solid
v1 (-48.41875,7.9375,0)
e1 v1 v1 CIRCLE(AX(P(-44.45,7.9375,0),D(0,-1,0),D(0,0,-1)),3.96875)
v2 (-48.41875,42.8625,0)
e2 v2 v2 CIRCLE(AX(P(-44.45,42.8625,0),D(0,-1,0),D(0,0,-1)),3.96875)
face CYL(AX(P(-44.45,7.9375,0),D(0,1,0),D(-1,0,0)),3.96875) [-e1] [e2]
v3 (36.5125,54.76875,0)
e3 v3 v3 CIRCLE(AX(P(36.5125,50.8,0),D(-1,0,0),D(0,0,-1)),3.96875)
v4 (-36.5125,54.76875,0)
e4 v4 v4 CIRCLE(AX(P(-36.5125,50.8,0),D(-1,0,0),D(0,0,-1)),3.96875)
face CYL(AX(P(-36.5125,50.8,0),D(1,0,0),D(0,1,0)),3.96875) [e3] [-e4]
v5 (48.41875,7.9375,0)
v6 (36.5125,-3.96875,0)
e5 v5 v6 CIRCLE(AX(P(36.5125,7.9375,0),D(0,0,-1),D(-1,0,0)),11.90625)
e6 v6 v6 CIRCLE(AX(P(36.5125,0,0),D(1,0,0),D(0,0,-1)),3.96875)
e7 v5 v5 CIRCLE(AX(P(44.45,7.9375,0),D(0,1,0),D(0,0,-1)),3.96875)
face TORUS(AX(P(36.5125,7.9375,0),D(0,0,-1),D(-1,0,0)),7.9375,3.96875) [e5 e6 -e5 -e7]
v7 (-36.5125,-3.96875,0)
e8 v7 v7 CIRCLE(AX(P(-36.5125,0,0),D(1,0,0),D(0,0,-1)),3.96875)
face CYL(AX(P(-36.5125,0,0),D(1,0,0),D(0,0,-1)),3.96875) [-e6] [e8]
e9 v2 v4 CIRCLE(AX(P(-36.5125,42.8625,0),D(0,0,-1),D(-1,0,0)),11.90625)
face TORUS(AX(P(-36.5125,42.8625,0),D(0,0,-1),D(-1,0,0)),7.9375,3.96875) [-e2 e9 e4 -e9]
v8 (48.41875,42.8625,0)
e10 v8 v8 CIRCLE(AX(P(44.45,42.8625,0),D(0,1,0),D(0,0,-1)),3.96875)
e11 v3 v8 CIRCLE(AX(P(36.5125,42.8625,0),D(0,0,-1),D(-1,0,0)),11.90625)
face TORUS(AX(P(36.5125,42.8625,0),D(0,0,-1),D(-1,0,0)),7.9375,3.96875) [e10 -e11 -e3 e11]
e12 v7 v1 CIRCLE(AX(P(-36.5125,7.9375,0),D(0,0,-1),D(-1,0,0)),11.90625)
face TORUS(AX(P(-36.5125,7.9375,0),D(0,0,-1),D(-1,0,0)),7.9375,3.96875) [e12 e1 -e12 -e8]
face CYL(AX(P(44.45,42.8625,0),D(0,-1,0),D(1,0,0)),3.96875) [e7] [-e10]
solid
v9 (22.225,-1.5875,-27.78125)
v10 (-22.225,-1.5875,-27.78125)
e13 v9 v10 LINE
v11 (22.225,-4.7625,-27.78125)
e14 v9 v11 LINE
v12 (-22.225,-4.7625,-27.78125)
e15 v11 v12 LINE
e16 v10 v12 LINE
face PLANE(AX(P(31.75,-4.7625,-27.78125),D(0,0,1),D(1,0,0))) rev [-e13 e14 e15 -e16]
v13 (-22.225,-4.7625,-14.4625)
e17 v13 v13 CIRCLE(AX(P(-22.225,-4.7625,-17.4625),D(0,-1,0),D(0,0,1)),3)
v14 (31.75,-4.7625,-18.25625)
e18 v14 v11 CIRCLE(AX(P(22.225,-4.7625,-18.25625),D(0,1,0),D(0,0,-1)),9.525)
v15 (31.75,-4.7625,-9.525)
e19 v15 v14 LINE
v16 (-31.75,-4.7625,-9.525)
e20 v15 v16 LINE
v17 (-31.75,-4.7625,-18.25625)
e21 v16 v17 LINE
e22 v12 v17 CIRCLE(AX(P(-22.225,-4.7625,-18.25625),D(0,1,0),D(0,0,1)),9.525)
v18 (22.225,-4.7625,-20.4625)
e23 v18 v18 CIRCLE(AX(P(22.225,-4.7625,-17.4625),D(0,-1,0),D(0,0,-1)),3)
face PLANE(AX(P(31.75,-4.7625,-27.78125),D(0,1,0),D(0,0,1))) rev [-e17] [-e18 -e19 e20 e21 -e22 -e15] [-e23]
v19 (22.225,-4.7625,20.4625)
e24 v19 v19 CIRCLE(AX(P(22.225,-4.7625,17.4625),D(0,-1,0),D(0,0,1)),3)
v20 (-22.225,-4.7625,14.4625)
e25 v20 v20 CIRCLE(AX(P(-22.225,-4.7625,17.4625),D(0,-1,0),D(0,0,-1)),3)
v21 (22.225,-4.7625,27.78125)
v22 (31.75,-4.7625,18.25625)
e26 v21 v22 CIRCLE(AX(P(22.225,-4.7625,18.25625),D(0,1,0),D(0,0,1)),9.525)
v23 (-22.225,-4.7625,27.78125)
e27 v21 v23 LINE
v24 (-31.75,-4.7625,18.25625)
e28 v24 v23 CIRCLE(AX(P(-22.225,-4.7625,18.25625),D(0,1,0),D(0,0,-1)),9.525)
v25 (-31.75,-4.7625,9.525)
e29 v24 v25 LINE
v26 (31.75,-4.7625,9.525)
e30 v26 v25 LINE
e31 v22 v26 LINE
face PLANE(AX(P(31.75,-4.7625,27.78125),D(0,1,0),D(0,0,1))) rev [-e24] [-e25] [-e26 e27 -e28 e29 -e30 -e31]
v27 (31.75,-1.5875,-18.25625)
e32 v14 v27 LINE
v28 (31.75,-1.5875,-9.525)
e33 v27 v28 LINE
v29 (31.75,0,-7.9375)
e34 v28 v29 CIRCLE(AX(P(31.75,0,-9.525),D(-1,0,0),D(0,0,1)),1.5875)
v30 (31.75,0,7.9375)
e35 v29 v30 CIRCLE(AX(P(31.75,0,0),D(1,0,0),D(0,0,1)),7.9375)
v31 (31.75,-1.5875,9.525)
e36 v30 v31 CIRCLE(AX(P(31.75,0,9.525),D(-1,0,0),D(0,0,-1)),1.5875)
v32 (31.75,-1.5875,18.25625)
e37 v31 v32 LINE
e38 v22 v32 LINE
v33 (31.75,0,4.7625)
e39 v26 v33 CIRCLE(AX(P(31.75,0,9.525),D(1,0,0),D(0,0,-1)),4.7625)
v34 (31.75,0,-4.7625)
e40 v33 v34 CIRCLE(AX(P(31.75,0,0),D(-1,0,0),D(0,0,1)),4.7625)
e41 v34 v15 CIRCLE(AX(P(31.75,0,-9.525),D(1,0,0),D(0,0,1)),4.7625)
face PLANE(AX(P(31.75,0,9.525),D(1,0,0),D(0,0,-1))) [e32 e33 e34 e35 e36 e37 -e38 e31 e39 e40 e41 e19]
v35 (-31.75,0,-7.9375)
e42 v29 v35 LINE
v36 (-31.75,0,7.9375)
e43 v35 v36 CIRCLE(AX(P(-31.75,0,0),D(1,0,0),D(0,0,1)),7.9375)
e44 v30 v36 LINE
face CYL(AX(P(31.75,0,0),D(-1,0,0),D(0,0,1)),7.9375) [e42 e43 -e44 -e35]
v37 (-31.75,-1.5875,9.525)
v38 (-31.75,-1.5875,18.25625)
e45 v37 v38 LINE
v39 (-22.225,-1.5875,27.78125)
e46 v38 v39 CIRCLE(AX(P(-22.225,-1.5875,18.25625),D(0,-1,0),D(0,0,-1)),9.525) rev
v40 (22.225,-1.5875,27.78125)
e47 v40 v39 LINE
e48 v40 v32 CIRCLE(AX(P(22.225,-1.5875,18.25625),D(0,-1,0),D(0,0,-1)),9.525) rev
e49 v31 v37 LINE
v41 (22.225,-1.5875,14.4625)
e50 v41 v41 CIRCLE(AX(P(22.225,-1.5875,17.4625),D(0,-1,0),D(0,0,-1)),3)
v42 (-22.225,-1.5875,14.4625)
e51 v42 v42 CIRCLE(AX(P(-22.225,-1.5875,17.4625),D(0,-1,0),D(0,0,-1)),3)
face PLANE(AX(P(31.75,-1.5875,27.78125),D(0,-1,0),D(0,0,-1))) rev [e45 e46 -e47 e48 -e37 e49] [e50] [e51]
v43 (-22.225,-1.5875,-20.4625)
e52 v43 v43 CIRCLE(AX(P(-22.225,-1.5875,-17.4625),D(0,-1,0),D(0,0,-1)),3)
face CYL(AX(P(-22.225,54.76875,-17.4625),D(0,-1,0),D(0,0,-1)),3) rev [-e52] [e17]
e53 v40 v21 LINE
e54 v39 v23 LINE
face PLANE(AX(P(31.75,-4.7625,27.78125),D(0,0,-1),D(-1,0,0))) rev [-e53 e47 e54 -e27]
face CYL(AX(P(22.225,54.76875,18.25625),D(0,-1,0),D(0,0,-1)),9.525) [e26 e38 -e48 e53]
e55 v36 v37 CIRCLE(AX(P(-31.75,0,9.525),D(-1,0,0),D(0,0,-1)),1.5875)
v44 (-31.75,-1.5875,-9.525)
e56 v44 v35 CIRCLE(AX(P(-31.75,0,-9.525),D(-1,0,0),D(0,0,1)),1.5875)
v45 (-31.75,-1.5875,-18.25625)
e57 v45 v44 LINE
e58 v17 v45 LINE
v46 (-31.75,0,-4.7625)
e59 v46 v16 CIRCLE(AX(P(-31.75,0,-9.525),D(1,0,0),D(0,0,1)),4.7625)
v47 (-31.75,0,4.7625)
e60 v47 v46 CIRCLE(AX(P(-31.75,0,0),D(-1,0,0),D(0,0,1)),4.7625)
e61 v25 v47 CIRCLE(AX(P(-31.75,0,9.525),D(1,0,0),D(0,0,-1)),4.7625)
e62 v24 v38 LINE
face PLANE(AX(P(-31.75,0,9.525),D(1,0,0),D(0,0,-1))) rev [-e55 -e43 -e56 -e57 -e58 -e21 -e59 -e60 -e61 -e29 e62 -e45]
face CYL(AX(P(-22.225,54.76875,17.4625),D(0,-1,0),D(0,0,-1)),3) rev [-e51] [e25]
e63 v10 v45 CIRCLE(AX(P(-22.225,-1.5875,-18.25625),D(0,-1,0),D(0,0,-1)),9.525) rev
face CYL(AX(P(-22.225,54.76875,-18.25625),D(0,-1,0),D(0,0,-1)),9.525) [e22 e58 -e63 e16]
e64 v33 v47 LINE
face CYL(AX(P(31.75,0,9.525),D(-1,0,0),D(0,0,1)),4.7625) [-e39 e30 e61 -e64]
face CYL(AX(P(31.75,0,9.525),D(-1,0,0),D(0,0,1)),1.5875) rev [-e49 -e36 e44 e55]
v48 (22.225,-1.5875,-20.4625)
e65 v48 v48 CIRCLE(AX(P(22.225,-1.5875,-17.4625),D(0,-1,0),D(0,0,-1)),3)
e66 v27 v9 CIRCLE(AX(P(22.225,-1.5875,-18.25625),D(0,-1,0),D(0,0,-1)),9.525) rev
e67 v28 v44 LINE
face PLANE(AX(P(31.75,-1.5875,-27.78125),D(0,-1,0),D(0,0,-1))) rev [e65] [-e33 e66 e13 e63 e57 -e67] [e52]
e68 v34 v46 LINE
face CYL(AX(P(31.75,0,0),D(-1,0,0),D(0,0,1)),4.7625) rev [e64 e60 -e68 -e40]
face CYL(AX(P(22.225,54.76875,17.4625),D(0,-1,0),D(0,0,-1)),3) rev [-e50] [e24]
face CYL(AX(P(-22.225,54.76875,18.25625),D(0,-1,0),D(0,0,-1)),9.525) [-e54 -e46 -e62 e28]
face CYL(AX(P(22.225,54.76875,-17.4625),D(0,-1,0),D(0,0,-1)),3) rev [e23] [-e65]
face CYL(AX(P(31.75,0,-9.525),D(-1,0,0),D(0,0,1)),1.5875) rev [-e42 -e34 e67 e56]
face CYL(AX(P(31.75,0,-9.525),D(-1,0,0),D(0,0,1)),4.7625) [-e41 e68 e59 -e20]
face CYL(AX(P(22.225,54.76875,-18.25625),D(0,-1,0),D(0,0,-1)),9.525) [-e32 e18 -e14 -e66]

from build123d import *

# Parameters (mm, degrees)
SKETCH2_R           = 3.96875
BOSS_EXTRUDE1_DEPTH = 31.75
SKETCH4_R           = 3
CUT_EXTRUDE1_DEPTH  = 82.60969888


with BuildPart() as part:
    # Sweep1: sweep along a path in Sketch1
    with BuildLine(Plane.XY) as sweep1_path:
        Line((44.45, 42.8625), (44.45, 7.9375))
        ThreePointArc((44.45, 7.9375), (42.125160076, 2.324839924), (36.5125, 0))
        Line((36.5125, 0), (-36.5125, 0))
        ThreePointArc((-36.5125, 0), (-42.125160076, 2.324839924), (-44.45, 7.9375))
        Line((-44.45, 7.9375), (-44.45, 42.8625))
        ThreePointArc((-44.45, 42.8625), (-42.125160076, 48.475160076), (-36.5125, 50.8))
        Line((-36.5125, 50.8), (36.5125, 50.8))
        ThreePointArc((36.5125, 50.8), (42.125160076, 48.475160076), (44.45, 42.8625))
    # Sketch2 → Sweep1 (sweep)
    with BuildSketch(Plane(origin=(0, 0, 0), x_dir=(0, 0, -1), z_dir=(1, 0, 0))):
        Circle(SKETCH2_R)
    sweep(path=sweep1_path.line)


with BuildPart() as body_2:
    # Sketch3 → Boss-Extrude1 (new, symmetric)
    with BuildSketch(Plane(origin=(0, 0, 0), x_dir=(0, 0, -1), z_dir=(1, 0, 0))):
        with BuildLine():
            Line((-27.78125, -4.7625), (-27.78125, -1.5875))
            Line((-27.78125, -1.5875), (-9.525, -1.5875))
            ThreePointArc((-9.525, -1.5875), (-8.402467985, -1.122532015), (-7.9375, 0))
            ThreePointArc((-7.9375, 0), (0, 7.9375), (7.9375, 0))
            ThreePointArc((7.9375, 0), (8.402467985, -1.122532015), (9.525, -1.5875))
            Line((9.525, -1.5875), (27.78125, -1.5875))
            Line((27.78125, -1.5875), (27.78125, -4.7625))
            Line((27.78125, -4.7625), (9.525, -4.7625))
            ThreePointArc((9.525, -4.7625), (6.157403955, -3.367596045), (4.7625, 0))
            ThreePointArc((4.7625, 0), (0, 4.7625), (-4.7625, 0))
            ThreePointArc((-4.7625, 0), (-6.157403955, -3.367596045), (-9.525, -4.7625))
            Line((-9.525, -4.7625), (-27.78125, -4.7625))
        make_face()
    extrude(amount=BOSS_EXTRUDE1_DEPTH, both=True)

    # Sketch4 → Cut-Extrude1 (cut, through all)
    with BuildSketch(Plane.XZ.offset(4.7625)):
        with Locations(Location((-22.225, 17.4625, 0), (0, 0, 270))):
            Circle(SKETCH4_R)
        with Locations(Location((22.225, 17.4625, 0), (0, 0, 270))):
            Circle(SKETCH4_R)
        with Locations(Location((22.225, -17.4625, 0), (0, 0, 270))):
            Circle(SKETCH4_R)
        with Locations(Location((-22.225, -17.4625, 0), (0, 0, 270))):
            Circle(SKETCH4_R)
        with BuildLine():
            Line((-31.75, 18.25625), (-31.75, 27.78125))
            Line((-31.75, 27.78125), (-22.225, 27.78125))
            ThreePointArc((-22.225, 27.78125), (-28.960192091, 24.991442091), (-31.75, 18.25625))
        make_face()
        with BuildLine():
            Line((31.75, 27.78125), (22.225, 27.78125))
            ThreePointArc((22.225, 27.78125), (28.960192091, 24.991442091), (31.75, 18.25625))
            Line((31.75, 18.25625), (31.75, 27.78125))
        make_face()
        with BuildLine():
            Line((31.75, -18.25625), (31.75, -27.78125))
            Line((31.75, -27.78125), (22.225, -27.78125))
            ThreePointArc((22.225, -27.78125), (28.960192091, -24.991442091), (31.75, -18.25625))
        make_face()
        with BuildLine():
            Line((-31.75, -27.78125), (-22.225, -27.78125))
            ThreePointArc((-22.225, -27.78125), (-28.960192091, -24.991442091), (-31.75, -18.25625))
            Line((-31.75, -18.25625), (-31.75, -27.78125))
        make_face()
    extrude(amount=-CUT_EXTRUDE1_DEPTH, mode=Mode.SUBTRACT)


solid = Compound([part.part, body_2.part])
